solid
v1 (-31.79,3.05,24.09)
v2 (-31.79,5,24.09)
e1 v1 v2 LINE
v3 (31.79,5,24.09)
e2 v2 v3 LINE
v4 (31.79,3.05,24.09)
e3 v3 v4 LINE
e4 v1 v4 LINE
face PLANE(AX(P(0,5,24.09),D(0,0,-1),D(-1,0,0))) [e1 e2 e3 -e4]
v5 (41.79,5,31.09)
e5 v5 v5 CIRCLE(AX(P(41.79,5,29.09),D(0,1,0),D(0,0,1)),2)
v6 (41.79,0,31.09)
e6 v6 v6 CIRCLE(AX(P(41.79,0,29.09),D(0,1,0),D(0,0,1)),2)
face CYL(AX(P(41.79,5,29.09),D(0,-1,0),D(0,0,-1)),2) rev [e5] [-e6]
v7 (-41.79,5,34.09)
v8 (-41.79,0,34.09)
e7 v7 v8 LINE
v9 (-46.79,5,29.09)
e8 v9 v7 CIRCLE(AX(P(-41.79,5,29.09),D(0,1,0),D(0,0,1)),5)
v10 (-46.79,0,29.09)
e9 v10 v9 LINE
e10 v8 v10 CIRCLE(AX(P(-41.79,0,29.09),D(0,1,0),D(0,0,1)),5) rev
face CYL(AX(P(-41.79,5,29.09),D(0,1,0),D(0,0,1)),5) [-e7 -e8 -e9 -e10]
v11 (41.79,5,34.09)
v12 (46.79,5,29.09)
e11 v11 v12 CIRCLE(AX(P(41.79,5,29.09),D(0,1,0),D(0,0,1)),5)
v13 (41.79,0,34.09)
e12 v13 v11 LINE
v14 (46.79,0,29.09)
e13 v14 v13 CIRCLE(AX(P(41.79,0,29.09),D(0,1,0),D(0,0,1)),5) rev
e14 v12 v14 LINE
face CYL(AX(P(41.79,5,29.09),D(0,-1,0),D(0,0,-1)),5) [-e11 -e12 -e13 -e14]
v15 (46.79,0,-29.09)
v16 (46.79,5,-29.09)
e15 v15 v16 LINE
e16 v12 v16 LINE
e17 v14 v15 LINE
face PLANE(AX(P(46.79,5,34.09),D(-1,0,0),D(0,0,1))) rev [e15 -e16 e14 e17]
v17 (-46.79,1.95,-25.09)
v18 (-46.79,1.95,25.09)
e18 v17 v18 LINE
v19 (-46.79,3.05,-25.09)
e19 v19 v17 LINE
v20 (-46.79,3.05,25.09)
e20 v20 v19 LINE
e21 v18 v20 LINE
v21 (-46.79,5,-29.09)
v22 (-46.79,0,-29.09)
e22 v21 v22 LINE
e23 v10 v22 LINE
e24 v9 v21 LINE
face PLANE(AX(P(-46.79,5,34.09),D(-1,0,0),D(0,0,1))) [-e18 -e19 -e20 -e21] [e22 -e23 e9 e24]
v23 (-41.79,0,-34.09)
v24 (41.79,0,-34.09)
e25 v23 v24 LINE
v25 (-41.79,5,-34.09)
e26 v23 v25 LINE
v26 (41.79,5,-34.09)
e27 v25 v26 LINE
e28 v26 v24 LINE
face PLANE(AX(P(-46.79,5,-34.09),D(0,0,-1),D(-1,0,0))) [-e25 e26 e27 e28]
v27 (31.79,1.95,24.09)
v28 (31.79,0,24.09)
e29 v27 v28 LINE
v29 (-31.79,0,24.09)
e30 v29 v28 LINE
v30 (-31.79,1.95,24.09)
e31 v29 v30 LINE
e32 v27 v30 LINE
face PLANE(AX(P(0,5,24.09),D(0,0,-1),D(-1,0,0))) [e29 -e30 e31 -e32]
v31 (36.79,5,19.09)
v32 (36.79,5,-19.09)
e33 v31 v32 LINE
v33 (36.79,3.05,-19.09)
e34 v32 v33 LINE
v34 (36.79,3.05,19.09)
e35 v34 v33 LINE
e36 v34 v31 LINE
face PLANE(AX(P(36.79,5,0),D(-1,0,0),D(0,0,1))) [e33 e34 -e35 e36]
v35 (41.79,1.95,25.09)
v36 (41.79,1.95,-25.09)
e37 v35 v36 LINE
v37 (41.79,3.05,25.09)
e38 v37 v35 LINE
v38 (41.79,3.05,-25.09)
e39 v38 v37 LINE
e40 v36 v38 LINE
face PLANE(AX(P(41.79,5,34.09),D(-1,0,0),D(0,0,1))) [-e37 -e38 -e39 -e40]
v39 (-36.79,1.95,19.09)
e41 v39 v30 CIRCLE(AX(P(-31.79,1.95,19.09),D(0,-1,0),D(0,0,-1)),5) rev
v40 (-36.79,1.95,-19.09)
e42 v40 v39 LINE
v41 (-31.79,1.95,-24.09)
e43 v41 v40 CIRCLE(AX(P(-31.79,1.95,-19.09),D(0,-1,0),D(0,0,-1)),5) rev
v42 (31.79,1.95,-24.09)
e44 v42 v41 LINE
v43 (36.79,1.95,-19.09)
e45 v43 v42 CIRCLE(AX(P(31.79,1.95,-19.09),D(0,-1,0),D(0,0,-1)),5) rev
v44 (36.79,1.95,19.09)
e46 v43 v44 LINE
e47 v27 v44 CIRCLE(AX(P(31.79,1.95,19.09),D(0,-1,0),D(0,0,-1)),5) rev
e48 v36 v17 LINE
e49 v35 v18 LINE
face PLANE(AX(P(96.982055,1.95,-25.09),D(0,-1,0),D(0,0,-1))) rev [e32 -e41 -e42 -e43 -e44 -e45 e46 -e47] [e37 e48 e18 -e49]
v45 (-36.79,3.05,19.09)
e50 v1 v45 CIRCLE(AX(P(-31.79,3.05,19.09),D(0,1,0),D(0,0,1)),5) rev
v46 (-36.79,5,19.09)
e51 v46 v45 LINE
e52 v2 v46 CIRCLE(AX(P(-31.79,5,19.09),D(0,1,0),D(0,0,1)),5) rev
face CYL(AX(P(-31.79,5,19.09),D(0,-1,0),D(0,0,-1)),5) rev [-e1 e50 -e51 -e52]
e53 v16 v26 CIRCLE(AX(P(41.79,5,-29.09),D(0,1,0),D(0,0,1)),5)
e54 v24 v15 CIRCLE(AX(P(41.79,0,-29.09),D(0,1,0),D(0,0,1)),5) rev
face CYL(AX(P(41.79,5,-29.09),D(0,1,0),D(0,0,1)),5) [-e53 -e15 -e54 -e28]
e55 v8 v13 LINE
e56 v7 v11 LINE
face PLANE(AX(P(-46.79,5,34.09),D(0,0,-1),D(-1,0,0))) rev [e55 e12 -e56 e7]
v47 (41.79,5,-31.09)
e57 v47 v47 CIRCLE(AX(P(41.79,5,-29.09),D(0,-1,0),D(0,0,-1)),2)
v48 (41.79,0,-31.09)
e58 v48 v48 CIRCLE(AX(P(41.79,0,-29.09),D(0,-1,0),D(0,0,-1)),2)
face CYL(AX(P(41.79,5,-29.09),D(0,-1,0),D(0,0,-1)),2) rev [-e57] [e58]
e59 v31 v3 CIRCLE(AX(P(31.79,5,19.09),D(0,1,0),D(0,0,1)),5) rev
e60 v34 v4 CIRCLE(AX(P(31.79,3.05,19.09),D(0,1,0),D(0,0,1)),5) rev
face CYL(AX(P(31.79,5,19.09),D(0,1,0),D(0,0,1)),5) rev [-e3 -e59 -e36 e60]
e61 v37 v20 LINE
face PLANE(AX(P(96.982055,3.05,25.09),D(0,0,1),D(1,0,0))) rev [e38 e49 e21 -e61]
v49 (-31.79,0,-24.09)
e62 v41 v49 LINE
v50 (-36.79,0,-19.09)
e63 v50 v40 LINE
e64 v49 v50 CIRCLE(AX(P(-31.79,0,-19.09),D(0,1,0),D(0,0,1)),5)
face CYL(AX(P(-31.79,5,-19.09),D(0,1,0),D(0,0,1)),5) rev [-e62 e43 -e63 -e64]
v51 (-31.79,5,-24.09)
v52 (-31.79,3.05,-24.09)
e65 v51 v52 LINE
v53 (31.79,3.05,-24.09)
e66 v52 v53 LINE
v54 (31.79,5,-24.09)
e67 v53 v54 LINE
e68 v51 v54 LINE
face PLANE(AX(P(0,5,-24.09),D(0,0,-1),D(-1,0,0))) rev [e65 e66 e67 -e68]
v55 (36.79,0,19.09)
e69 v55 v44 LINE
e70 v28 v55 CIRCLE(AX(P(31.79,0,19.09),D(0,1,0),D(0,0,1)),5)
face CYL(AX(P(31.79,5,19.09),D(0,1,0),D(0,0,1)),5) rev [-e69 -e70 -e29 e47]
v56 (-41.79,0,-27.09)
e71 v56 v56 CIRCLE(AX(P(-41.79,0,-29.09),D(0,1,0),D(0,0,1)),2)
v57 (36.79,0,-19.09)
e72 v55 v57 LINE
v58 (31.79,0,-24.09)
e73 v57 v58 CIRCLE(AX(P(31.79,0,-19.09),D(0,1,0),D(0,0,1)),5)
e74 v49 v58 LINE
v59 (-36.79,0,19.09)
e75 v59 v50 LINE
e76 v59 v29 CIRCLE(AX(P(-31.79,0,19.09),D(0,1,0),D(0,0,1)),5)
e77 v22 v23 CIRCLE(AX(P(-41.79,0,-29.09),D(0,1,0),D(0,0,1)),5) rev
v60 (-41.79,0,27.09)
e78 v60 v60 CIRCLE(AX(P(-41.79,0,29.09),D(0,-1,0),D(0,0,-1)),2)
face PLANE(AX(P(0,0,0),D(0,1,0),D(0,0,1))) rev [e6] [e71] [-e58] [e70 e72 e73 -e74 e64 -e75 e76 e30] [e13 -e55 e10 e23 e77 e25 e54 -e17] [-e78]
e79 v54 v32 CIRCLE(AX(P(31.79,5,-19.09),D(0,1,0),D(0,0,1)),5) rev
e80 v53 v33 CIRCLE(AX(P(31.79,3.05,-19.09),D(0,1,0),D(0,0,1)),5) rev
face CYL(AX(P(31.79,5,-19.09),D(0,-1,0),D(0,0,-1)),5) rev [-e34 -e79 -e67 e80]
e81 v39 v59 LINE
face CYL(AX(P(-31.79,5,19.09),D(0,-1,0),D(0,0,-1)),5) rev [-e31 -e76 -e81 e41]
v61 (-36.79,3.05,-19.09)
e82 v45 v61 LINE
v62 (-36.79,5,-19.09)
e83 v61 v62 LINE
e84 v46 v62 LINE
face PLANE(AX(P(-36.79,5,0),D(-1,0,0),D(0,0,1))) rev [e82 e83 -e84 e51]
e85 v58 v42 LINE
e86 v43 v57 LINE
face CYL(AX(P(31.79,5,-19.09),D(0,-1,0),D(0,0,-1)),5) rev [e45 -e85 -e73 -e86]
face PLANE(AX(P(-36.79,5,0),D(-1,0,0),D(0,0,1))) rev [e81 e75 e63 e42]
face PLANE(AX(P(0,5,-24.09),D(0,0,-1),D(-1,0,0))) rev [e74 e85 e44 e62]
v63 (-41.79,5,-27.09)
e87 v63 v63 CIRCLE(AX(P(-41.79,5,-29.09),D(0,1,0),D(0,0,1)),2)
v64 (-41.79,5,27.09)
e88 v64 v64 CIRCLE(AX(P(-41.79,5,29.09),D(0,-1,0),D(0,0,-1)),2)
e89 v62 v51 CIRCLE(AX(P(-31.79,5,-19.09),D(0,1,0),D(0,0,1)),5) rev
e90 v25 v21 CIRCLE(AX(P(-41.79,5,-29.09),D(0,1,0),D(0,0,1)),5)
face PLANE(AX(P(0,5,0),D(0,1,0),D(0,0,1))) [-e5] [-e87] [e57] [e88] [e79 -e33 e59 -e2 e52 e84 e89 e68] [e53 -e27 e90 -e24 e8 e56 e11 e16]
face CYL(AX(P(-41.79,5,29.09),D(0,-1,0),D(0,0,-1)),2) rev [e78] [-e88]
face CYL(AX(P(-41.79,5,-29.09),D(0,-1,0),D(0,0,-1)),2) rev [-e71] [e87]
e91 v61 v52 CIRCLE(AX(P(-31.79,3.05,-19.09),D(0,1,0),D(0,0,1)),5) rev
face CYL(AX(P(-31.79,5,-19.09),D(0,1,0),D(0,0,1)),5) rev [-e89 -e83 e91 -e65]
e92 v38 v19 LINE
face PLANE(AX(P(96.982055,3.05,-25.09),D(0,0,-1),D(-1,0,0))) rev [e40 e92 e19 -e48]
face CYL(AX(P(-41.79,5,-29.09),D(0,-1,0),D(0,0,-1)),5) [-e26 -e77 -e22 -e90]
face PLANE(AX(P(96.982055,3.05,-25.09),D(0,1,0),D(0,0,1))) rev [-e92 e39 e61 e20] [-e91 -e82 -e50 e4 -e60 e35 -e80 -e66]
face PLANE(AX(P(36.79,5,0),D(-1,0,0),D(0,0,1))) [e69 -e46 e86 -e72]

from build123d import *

# Parameters (mm, degrees)
SKETCH1_W           = 93.58
SKETCH1_H           = 68.18
BOSS_EXTRUDE1_DEPTH = 5
SKETCH1_12_W        = 73.58
SKETCH1_12_H        = 48.18
CUT_EXTRUDE2_DEPTH  = 59.107075301
FILLET1_R           = 5
FILLET2_R           = 5
SKETCH1_13_R        = 2
CUT_EXTRUDE3_DEPTH  = 59.107075301
SKETCH2_W           = 50.18
SKETCH2_H           = 1.1
CUT_EXTRUDE4_DEPTH  = 88.58


with BuildPart() as part:
    # Sketch1 → Boss-Extrude1 (new body)
    with BuildSketch(Plane(origin=(0, 0, 0), x_dir=(1, 0, 0), z_dir=(0, 1, 0))):
        Rectangle(SKETCH1_W, SKETCH1_H)
    extrude(amount=BOSS_EXTRUDE1_DEPTH)

    # Sketch1<12> → Cut-Extrude2 (cut, through all)
    with BuildSketch(Plane(origin=(0, 0, 0), x_dir=(1, 0, 0), z_dir=(0, 1, 0))):
        Rectangle(SKETCH1_12_W, SKETCH1_12_H)
    extrude(amount=CUT_EXTRUDE2_DEPTH, mode=Mode.SUBTRACT)

    # Fillet1
    fillet1_edges = [part.edges().sort_by_distance(p)[0] for p in [
        (-46.79, 2.5, 34.09),
        (-46.79, 2.5, -34.09),
        (46.79, 2.5, -34.09),
        (46.79, 2.5, 34.09),
    ]]
    fillet(fillet1_edges, radius=FILLET1_R)

    # Fillet2
    fillet2_edges = [part.edges().sort_by_distance(p)[0] for p in [
        (-36.79, 2.5, -24.09),
        (-36.79, 2.5, 24.09),
        (36.79, 2.5, 24.09),
        (36.79, 2.5, -24.09),
    ]]
    fillet(fillet2_edges, radius=FILLET2_R)

    # Sketch1<13> → Cut-Extrude3 (cut, through all)
    with BuildSketch(Plane(origin=(0, 0, 0), x_dir=(1, 0, 0), z_dir=(0, 1, 0))):
        with Locations(Location((-41.79, 29.09, 0), (0, 0, 270))):
            Circle(SKETCH1_13_R)
        with Locations(Location((41.79, 29.09, 0), (0, 0, 90))):
            Circle(SKETCH1_13_R)
        with Locations(Location((41.79, -29.09, 0), (0, 0, 270))):
            Circle(SKETCH1_13_R)
        with Locations(Location((-41.79, -29.09, 0), (0, 0, 90))):
            Circle(SKETCH1_13_R)
    extrude(amount=CUT_EXTRUDE3_DEPTH, mode=Mode.SUBTRACT)

    # Sketch2 → Cut-Extrude4 (cut)
    with BuildSketch(Plane.ZY.offset(46.79)):
        with Locations((0, 2.5)):
            Rectangle(SKETCH2_W, SKETCH2_H)
    extrude(amount=-CUT_EXTRUDE4_DEPTH, mode=Mode.SUBTRACT)


solid = part.part
